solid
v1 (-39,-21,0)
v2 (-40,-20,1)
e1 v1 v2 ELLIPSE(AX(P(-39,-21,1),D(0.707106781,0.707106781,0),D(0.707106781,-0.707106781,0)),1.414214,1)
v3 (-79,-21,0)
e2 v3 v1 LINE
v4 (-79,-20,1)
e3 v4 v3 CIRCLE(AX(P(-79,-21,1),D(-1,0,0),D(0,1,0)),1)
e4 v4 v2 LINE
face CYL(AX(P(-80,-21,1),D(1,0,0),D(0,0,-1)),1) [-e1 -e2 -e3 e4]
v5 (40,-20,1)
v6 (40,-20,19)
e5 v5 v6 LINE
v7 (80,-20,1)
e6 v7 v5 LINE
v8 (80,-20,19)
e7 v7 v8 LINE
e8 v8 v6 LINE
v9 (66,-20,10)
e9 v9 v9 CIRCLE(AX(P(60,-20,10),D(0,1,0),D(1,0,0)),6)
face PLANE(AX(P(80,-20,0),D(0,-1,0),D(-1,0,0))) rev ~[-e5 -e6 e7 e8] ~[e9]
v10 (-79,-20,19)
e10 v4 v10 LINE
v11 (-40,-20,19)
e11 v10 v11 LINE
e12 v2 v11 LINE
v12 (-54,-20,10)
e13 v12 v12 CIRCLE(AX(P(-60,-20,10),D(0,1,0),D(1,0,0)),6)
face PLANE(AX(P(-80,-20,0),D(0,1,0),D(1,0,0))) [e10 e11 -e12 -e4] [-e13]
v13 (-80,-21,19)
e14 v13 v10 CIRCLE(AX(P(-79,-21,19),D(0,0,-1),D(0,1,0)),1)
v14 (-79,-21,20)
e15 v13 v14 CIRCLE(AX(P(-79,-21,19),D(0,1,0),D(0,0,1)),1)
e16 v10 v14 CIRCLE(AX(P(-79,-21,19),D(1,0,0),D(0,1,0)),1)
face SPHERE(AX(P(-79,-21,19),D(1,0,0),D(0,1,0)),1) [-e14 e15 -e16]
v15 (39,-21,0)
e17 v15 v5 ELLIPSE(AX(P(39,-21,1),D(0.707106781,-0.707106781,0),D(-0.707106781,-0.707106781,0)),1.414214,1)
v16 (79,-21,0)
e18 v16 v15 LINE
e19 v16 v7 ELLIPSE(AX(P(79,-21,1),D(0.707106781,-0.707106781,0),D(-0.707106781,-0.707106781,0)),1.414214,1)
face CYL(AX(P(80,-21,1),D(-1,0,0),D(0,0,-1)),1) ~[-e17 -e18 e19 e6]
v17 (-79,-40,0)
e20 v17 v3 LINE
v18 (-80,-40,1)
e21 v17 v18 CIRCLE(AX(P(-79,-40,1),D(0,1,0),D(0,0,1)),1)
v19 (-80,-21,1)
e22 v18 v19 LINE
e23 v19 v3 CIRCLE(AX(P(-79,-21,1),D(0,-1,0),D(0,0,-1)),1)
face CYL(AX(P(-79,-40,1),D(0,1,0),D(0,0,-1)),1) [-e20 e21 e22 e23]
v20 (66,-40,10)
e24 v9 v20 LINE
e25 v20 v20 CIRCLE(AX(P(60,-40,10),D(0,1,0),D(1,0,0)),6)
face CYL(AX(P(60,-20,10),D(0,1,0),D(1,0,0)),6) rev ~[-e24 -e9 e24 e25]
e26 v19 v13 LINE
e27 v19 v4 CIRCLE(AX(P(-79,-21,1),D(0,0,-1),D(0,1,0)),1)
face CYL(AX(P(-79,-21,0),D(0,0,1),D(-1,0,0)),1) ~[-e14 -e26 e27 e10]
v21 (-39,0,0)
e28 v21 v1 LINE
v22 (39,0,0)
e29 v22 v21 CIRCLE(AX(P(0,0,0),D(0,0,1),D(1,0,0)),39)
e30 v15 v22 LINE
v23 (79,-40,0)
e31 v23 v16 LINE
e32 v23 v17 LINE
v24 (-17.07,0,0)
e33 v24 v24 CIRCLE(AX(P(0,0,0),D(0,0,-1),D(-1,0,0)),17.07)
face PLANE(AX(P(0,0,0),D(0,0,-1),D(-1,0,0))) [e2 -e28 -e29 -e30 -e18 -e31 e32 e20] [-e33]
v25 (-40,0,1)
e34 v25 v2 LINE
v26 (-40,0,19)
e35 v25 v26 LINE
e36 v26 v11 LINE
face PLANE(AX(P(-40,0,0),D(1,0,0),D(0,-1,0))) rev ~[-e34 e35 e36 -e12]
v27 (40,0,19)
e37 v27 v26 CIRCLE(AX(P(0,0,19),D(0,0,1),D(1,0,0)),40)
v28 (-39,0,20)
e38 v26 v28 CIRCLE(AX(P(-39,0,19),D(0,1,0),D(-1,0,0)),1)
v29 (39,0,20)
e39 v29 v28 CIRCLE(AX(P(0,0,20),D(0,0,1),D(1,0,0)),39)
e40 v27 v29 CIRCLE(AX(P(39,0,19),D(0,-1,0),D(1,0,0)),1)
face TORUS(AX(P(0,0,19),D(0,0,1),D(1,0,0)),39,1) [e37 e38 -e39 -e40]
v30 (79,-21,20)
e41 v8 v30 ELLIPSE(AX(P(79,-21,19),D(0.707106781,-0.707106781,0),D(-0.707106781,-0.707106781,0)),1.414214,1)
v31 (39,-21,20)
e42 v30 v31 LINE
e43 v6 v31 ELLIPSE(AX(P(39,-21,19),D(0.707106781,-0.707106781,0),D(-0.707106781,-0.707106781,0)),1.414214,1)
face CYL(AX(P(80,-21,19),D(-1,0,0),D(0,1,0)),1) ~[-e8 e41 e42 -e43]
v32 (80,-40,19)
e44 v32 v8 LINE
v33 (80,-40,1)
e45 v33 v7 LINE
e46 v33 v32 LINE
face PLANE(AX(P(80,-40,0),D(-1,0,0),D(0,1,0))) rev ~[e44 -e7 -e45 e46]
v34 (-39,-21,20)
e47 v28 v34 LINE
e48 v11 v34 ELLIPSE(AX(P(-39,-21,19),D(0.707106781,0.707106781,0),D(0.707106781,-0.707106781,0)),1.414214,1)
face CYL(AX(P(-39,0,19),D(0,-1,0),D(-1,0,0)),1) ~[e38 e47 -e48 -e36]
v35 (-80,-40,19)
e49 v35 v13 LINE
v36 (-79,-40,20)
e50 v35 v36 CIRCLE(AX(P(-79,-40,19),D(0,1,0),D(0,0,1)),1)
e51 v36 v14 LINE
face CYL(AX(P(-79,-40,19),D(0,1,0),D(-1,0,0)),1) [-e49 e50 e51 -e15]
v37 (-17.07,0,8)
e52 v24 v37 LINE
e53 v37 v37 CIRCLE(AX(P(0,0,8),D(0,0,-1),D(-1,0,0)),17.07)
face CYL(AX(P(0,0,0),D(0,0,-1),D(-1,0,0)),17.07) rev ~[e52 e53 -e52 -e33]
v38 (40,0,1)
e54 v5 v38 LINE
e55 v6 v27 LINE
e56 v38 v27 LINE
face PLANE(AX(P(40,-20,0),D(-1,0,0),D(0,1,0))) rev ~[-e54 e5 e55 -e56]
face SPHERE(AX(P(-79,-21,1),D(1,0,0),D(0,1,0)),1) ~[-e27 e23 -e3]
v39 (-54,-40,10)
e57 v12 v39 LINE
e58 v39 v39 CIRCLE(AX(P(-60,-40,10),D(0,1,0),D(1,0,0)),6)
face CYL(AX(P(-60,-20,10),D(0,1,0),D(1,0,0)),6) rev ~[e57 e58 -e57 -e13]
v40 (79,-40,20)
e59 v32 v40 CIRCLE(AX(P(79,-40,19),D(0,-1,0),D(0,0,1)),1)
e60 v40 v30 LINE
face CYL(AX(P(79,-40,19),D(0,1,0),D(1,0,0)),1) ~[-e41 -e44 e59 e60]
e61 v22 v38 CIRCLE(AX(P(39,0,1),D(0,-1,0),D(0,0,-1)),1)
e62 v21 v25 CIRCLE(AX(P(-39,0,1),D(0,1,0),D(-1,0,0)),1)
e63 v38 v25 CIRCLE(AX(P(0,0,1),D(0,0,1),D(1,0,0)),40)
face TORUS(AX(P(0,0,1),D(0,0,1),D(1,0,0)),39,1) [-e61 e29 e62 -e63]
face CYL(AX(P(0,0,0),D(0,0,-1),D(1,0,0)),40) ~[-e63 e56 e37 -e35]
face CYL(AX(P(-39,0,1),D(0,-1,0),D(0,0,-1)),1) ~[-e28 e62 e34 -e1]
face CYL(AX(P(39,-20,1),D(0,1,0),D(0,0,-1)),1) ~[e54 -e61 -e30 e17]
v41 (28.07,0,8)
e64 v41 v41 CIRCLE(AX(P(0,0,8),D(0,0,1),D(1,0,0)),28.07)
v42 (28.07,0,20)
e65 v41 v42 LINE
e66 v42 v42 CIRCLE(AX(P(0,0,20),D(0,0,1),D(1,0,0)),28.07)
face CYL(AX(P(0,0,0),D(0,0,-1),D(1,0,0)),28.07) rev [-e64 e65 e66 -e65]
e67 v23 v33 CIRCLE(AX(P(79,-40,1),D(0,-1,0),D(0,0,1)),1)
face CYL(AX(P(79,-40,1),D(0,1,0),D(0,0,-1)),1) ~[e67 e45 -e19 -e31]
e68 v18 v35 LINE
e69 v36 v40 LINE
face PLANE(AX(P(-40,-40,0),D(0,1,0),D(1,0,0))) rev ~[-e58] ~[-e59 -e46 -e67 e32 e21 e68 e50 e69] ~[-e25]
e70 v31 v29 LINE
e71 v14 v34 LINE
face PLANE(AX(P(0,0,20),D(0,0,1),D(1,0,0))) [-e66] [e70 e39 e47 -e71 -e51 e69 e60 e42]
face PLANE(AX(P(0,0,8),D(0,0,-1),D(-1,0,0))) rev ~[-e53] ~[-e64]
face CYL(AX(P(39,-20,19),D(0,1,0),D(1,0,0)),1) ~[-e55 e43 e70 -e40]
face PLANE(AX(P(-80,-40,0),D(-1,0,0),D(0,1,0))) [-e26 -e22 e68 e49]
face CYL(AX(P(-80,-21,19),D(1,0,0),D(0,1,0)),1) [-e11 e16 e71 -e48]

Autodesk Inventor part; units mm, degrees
ref_plane "YZ Plane" through (0, 0, 0) normal (1, 0, 0) x (0, 1, 0)
ref_plane "XZ Plane" through (0, 0, 0) normal (0, 1, 0) x (-1, 0, 0)
ref_plane "XY Plane" through (0, 0, 0) normal (0, 0, 1) x (1, 0, 0)
sketch "Sketch6" plane through (0, 0, 0) normal (0, 0, 1) x (1, 0, 0)
  circle A0 centre (0, 0) radius 17.07
  circle A1 centre (0, 0) radius 28.07
  line L0 (-40, -40) -> (40, -40)
  line L1 (40, -40) -> (40, 0)
  line L2 (-40, 0) -> (-40, -40)
  circle A2 centre (0, 0) radius 40
  line L3 (-40, -40) -> (-80, -40)
  line L4 (-80, -40) -> (-80, -20)
  line L5 (-80, -20) -> (-40, -20)
  line L6 (-40, -20) -> (-40, -40)
  line L7 (40, -40) -> (80, -40)
  line L8 (80, -40) -> (80, -20)
  line L9 (80, -20) -> (40, -20)
  line L10 (40, -20) -> (40, -40)
  dimension "d29" = 34.14
  dimension "d30" = 56.14
extrude "Extrusion5" add sketch "Sketch6" along normal blind 20 contours L2 A2 L0 | L3 L4 L5 L2 | A2 L1 L0 | A2 | L1 L9 L8 L7
sketch "Sketch7" plane through (0, 0, 0) normal (0, 0, -1) x (-1, 0, 0)
  circle A0 centre (0, 0) radius 17.07
  circle A1 centre (0, 0) radius 28.07
  dimension "d39" = 34.14
  dimension "d40" = 56.14
extrude "Extrusion6" add sketch "Sketch7" against normal blind 8
sketch "Sketch8" plane through (-80, -20, 0) normal (0, 1, 0) x (1, 0, 0)
  line L0 (0, 0) -> (0, -20) projected
  line L1 (0, -20) -> (160, -20) projected
  line L2 (0, 0) -> (40, 0)
  line L3 (40, 0) -> (40, -20)
  line L4 (40, -20) -> (0, -20)
  line L5 (0, -20) -> (0, 0)
  circle A0 centre (20, -10) radius 6
  point P0 (80, 0)
  dimension "d44" = 12
extrude "Extrusion7" cut sketch "Sketch8" against normal blind 20 contours A0
thread "Thread3" size "M12x1.75" class "6H" standard "ANSI Metric M Profile" full length
sketch "Sketch9" plane through (40, -20, 0) normal (0, 1, 0) x (1, 0, 0)
  line L0 (0, 0) -> (0, -20) projected
  line L1 (40, 0) -> (40, -20) projected
  line L2 (0, 0) -> (40, 0)
  line L3 (40, 0) -> (40, -20)
  line L4 (40, -20) -> (0, -20)
  line L5 (0, -20) -> (0, 0)
  circle A0 centre (20, -10) radius 6
  point P0 (-40, 0)
  dimension "d49" = 12
extrude "Extrusion8" cut sketch "Sketch9" against normal blind 20 contours A0
thread "Thread4" size "M12x1.75" class "6H" standard "ANSI Metric M Profile" full length
fillet "Fillet3" radius 1 15 edges at (-60, -20, 20) (-60, -20, 0) (-80, -20, 10) (-80, -30, 0) (-80, -30, 20) (60, -20, 20) (60, -20, 0) (80, -30, 20) (80, -30, 0) (0, 40, 20) (-40, -10, 20) (40, -10, 20) (0, 40, 0) (-40, -10, 0) (40, -10, 0)
properties part number "Chumacera (pieza extra)"
